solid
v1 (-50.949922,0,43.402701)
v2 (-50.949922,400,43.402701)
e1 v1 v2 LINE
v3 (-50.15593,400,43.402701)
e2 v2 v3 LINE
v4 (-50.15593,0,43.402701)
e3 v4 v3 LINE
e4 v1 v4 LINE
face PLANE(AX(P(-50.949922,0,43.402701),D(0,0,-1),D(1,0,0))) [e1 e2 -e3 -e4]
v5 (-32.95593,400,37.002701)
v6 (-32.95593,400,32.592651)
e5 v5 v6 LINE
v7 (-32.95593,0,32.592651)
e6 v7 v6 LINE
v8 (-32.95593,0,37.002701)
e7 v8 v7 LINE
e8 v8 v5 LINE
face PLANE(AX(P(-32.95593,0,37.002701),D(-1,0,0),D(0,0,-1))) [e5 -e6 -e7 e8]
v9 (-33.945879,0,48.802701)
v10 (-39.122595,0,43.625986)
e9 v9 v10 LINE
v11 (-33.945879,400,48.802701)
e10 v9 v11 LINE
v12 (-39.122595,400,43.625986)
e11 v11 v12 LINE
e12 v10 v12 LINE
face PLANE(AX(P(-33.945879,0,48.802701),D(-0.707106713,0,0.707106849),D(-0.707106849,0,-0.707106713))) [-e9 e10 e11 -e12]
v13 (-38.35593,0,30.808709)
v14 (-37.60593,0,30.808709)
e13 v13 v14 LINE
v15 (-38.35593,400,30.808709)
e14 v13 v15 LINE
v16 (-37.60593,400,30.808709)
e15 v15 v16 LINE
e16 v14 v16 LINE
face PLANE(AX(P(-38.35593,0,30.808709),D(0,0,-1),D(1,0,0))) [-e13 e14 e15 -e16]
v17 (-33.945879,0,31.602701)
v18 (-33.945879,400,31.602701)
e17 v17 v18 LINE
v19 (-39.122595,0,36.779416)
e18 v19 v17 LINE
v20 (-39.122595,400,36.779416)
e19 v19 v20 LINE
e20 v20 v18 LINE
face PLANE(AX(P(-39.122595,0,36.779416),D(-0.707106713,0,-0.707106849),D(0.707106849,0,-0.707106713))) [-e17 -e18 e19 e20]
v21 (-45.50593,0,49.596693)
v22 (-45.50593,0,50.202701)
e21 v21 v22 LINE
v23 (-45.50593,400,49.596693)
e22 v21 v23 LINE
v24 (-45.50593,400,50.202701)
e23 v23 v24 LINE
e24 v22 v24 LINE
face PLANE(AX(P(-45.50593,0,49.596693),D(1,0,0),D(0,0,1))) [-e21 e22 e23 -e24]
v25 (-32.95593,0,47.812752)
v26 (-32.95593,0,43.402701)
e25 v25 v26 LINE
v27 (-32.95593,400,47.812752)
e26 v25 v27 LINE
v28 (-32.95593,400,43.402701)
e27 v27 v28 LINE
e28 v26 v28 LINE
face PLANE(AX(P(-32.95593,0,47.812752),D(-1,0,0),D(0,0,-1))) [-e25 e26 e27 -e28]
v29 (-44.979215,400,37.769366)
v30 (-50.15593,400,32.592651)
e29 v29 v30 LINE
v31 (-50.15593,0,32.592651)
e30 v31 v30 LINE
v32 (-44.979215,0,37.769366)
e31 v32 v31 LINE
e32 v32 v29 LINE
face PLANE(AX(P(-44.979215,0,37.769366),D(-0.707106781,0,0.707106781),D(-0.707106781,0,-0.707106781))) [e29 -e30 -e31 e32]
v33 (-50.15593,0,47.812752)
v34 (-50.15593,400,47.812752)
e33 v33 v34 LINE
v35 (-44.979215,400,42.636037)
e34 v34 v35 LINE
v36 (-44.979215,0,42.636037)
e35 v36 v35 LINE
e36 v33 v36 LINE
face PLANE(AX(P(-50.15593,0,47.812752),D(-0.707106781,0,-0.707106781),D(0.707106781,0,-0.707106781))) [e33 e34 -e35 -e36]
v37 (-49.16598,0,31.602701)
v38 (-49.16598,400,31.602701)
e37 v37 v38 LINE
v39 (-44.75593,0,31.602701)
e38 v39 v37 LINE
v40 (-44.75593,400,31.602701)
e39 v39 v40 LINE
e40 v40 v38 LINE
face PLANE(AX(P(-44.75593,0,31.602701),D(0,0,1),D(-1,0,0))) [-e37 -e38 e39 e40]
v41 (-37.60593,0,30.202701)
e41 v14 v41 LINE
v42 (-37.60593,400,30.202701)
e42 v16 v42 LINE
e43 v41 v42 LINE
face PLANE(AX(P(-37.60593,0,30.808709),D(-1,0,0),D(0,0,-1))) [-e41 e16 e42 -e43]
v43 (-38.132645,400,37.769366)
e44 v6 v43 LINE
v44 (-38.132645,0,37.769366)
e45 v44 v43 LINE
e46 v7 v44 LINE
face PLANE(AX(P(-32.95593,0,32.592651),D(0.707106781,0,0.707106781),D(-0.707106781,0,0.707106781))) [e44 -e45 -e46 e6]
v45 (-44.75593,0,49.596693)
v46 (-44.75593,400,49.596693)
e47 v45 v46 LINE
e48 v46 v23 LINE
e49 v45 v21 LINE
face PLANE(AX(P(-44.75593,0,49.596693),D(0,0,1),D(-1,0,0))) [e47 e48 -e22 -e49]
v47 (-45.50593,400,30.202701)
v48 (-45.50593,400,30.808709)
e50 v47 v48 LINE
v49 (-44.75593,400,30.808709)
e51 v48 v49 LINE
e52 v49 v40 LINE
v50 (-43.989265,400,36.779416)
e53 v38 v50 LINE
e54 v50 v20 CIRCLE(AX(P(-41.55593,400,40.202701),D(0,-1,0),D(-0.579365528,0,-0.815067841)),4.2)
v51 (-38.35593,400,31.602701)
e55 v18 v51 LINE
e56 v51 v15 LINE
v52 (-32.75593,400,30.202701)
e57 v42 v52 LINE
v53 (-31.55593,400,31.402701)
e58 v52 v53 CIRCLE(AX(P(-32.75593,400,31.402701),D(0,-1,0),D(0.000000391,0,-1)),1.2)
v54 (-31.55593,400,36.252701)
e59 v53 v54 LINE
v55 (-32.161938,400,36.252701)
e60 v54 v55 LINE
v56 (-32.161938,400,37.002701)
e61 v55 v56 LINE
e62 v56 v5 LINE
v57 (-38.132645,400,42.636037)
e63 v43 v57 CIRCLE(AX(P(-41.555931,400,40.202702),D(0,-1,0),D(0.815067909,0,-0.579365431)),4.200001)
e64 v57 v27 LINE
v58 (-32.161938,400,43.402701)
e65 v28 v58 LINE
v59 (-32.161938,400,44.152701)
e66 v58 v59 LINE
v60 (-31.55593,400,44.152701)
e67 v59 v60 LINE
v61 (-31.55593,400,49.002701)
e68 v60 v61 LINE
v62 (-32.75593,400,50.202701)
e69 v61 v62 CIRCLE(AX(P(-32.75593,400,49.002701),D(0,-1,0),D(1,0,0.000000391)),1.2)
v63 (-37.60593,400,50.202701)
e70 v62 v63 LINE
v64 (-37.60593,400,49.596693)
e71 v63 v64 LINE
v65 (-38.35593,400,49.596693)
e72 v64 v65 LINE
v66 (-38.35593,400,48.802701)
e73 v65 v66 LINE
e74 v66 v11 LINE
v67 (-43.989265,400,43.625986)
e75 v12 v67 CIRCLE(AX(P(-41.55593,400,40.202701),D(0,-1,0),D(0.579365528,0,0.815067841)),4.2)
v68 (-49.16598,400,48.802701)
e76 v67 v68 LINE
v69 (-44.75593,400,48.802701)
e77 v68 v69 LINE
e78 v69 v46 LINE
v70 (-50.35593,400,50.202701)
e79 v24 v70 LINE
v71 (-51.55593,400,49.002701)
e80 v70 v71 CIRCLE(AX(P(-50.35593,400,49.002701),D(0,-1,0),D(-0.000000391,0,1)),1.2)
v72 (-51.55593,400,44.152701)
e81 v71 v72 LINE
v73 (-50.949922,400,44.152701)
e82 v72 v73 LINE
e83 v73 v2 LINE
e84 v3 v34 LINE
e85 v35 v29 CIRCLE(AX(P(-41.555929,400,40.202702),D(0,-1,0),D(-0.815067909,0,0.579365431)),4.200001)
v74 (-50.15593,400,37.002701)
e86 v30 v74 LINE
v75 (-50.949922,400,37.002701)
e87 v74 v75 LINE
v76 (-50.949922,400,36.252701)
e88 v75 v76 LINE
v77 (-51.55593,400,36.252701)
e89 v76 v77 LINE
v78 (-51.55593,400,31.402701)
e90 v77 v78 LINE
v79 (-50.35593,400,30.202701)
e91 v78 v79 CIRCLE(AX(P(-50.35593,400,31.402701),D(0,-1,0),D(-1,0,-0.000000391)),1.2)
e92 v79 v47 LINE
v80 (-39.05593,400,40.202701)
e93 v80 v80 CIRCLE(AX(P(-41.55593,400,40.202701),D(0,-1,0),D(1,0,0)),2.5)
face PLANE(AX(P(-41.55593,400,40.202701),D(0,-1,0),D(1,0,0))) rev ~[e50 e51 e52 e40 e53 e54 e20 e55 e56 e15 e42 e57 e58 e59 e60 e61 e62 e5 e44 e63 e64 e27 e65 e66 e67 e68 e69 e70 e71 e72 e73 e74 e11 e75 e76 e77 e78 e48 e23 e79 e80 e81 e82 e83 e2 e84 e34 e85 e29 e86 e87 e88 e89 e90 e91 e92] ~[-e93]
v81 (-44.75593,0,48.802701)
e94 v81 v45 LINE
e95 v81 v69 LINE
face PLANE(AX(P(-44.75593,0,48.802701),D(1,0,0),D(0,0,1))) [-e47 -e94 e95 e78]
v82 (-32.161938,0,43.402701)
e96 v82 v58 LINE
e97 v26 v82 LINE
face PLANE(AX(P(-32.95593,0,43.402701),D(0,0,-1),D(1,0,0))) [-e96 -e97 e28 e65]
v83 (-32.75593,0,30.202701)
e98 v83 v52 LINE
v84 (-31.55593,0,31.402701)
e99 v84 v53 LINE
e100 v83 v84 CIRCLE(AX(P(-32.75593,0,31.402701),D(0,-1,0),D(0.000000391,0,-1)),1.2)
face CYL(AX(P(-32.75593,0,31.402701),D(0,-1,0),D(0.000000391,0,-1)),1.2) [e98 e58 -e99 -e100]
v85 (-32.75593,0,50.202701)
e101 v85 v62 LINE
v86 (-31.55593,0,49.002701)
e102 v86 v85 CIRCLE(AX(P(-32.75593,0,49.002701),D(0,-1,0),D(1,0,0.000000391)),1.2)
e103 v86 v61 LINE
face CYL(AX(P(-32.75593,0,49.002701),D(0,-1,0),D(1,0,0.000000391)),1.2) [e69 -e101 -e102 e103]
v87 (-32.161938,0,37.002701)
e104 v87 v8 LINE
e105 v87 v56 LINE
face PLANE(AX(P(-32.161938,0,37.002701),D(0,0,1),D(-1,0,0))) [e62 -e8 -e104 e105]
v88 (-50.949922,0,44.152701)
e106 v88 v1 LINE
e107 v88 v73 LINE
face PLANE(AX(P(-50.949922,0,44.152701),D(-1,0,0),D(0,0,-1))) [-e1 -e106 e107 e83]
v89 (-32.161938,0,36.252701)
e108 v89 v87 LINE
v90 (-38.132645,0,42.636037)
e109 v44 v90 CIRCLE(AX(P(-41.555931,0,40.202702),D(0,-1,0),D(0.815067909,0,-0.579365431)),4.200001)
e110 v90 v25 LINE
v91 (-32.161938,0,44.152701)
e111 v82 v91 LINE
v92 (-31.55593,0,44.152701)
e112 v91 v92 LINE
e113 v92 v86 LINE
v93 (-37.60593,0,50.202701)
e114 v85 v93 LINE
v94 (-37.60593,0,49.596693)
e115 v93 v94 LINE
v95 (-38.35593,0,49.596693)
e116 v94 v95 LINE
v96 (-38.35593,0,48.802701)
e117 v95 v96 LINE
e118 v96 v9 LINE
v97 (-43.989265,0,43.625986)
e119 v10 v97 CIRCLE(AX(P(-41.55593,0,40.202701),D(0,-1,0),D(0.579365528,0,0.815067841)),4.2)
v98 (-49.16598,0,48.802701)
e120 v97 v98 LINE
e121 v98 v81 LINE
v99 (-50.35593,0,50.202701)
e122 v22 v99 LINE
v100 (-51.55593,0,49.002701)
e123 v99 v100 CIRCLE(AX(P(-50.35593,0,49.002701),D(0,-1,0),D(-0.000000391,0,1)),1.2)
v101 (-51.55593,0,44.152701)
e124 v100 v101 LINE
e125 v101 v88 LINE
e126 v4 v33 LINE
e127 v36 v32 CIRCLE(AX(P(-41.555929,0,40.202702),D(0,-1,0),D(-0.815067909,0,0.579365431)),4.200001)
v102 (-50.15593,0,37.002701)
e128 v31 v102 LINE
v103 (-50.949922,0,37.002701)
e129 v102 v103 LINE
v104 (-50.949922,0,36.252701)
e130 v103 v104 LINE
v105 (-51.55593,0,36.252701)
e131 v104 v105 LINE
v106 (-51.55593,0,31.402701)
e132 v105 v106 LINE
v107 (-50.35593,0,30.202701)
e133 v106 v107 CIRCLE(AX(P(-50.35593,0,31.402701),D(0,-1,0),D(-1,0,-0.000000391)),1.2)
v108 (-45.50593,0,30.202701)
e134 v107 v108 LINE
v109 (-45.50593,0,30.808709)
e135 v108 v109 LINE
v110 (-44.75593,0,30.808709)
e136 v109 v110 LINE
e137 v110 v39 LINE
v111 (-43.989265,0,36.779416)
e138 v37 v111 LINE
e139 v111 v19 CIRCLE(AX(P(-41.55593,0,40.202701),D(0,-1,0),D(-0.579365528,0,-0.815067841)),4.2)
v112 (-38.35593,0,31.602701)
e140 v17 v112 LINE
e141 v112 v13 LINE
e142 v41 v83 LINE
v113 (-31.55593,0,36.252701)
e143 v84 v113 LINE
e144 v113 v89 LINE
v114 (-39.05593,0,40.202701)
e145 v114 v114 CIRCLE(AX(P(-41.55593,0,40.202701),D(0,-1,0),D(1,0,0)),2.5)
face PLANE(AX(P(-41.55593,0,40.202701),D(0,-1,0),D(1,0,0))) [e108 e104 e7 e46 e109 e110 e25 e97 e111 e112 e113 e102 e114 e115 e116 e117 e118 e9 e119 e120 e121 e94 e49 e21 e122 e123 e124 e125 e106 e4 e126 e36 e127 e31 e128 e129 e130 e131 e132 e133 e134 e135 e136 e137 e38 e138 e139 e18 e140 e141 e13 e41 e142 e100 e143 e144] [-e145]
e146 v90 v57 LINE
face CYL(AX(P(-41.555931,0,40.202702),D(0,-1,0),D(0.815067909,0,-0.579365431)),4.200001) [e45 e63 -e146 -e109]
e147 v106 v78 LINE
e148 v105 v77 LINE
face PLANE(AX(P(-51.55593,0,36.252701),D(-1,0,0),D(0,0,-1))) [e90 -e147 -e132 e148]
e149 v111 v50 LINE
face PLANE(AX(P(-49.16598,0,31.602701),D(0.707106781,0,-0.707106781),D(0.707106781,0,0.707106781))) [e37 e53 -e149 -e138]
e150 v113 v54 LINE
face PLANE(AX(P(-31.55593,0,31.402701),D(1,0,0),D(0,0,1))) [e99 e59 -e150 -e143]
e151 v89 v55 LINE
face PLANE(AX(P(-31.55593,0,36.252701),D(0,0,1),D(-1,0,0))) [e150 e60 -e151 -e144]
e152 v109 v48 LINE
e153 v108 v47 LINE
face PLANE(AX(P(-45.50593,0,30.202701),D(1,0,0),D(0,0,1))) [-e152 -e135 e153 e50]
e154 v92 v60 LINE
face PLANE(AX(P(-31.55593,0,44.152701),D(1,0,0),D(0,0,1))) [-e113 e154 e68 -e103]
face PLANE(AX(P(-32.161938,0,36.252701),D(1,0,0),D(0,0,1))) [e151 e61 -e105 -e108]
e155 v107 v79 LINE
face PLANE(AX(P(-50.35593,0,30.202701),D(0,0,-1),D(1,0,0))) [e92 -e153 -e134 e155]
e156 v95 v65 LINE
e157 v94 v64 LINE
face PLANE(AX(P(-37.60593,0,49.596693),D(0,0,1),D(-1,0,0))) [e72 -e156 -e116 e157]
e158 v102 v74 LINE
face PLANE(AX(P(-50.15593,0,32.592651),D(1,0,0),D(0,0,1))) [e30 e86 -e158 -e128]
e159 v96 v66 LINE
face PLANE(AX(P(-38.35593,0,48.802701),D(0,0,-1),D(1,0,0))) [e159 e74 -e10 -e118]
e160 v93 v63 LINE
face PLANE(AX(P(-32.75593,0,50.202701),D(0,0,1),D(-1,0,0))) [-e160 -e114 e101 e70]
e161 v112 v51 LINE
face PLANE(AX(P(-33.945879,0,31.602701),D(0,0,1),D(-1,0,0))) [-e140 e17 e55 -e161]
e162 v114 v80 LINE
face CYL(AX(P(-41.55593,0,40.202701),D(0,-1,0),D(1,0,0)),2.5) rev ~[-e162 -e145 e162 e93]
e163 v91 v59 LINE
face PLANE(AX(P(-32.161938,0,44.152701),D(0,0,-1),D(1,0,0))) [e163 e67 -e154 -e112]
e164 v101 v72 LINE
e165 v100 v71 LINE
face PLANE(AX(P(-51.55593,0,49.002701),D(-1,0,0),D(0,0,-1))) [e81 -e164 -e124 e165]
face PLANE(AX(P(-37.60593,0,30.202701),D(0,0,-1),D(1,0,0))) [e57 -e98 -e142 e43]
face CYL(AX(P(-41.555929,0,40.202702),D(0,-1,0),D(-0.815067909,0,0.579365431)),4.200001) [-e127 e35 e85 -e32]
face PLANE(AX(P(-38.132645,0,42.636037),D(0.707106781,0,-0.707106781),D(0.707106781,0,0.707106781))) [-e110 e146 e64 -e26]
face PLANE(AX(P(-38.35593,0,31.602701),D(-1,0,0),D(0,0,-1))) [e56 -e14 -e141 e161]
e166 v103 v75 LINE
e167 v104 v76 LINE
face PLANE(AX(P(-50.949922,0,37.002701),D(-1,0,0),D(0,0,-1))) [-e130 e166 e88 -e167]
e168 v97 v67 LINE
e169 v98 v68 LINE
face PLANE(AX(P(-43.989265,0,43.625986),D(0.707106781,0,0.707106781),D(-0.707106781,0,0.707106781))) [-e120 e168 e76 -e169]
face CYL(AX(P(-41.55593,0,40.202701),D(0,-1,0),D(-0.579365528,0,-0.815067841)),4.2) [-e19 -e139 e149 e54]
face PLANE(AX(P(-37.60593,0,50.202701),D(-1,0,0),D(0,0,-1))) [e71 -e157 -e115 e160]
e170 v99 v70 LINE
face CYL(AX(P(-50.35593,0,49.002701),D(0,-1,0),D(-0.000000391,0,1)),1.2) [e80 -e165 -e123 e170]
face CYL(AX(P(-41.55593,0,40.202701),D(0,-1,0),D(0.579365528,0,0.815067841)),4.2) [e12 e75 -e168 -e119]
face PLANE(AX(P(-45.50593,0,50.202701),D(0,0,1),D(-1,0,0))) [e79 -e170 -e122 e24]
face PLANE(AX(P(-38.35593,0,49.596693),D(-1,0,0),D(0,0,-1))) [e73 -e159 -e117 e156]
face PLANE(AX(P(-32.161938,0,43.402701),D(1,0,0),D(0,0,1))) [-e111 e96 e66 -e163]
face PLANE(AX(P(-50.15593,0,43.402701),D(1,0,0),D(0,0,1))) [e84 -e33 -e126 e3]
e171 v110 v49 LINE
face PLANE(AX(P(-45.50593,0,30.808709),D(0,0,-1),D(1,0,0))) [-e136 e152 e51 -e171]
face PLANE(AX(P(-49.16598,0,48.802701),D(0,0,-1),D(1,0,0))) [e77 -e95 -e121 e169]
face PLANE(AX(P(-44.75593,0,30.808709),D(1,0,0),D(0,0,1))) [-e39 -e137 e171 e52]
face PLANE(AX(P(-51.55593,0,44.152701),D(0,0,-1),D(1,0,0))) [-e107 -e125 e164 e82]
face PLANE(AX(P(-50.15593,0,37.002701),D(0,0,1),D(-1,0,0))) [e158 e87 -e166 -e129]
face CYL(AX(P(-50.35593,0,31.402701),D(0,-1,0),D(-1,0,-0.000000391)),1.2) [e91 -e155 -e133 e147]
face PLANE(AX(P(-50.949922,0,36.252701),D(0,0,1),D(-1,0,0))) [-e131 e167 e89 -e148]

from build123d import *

# Parameters (mm, degrees)
F0_R     = 2.5
F1_DEPTH = 400


with BuildPart() as f1:
    # F0 (on Front) → F1 (new body)
    with BuildSketch(Plane.XZ):
        with BuildLine():
            Line((-50.15593, 47.812752), (-44.979215, 42.636037))
            ThreePointArc((-44.979215, 42.636037), (-45.75593, 40.202701), (-44.979215, 37.769366))
            Line((-44.979215, 37.769366), (-50.15593, 32.592651))
            Line((-50.15593, 32.592651), (-50.15593, 37.002701))
            Line((-50.15593, 37.002701), (-50.949922, 37.002701))
            Line((-50.949922, 37.002701), (-50.949922, 36.252701))
            Line((-50.949922, 36.252701), (-51.55593, 36.252701))
            Line((-51.55593, 36.252701), (-51.55593, 31.402701))
            ThreePointArc((-51.55593, 31.402701), (-51.204458, 30.554173), (-50.35593, 30.202701))
            Line((-50.35593, 30.202701), (-45.50593, 30.202701))
            Line((-45.50593, 30.202701), (-45.50593, 30.808709))
            Line((-45.50593, 30.808709), (-44.75593, 30.808709))
            Line((-44.75593, 30.808709), (-44.75593, 31.602701))
            Line((-44.75593, 31.602701), (-49.16598, 31.602701))
            Line((-49.16598, 31.602701), (-43.989265, 36.779416))
            ThreePointArc((-43.989265, 36.779416), (-41.55593, 36.002701), (-39.122595, 36.779416))
            Line((-39.122595, 36.779416), (-33.945879, 31.602701))
            Line((-33.945879, 31.602701), (-38.35593, 31.602701))
            Line((-38.35593, 31.602701), (-38.35593, 30.808709))
            Line((-38.35593, 30.808709), (-37.60593, 30.808709))
            Line((-37.60593, 30.808709), (-37.60593, 30.202701))
            Line((-37.60593, 30.202701), (-32.75593, 30.202701))
            ThreePointArc((-32.75593, 30.202701), (-31.907402, 30.554173), (-31.55593, 31.402701))
            Line((-31.55593, 31.402701), (-31.55593, 36.252701))
            Line((-31.55593, 36.252701), (-32.161938, 36.252701))
            Line((-32.161938, 36.252701), (-32.161938, 37.002701))
            Line((-32.161938, 37.002701), (-32.95593, 37.002701))
            Line((-32.95593, 37.002701), (-32.95593, 32.592651))
            Line((-32.95593, 32.592651), (-38.132645, 37.769366))
            ThreePointArc((-38.132645, 37.769366), (-37.35593, 40.202701), (-38.132645, 42.636037))
            Line((-38.132645, 42.636037), (-32.95593, 47.812752))
            Line((-32.95593, 47.812752), (-32.95593, 43.402701))
            Line((-32.95593, 43.402701), (-32.161938, 43.402701))
            Line((-32.161938, 43.402701), (-32.161938, 44.152701))
            Line((-32.161938, 44.152701), (-31.55593, 44.152701))
            Line((-31.55593, 44.152701), (-31.55593, 49.002701))
            ThreePointArc((-31.55593, 49.002701), (-31.907402, 49.851229), (-32.75593, 50.202701))
            Line((-32.75593, 50.202701), (-37.60593, 50.202701))
            Line((-37.60593, 50.202701), (-37.60593, 49.596693))
            Line((-37.60593, 49.596693), (-38.35593, 49.596693))
            Line((-38.35593, 49.596693), (-38.35593, 48.802701))
            Line((-38.35593, 48.802701), (-33.945879, 48.802701))
            Line((-33.945879, 48.802701), (-39.122595, 43.625986))
            ThreePointArc((-39.122595, 43.625986), (-41.55593, 44.402701), (-43.989265, 43.625986))
            Line((-43.989265, 43.625986), (-49.16598, 48.802701))
            Line((-49.16598, 48.802701), (-44.75593, 48.802701))
            Line((-44.75593, 48.802701), (-44.75593, 49.596693))
            Line((-44.75593, 49.596693), (-45.50593, 49.596693))
            Line((-45.50593, 49.596693), (-45.50593, 50.202701))
            Line((-45.50593, 50.202701), (-50.35593, 50.202701))
            ThreePointArc((-50.35593, 50.202701), (-51.204458, 49.851229), (-51.55593, 49.002701))
            Line((-51.55593, 49.002701), (-51.55593, 44.152701))
            Line((-51.55593, 44.152701), (-50.949922, 44.152701))
            Line((-50.949922, 44.152701), (-50.949922, 43.402701))
            Line((-50.949922, 43.402701), (-50.15593, 43.402701))
            Line((-50.15593, 43.402701), (-50.15593, 47.812752))
        make_face()
        with Locations((-41.55593, 40.202701)):
            Circle(F0_R, mode=Mode.SUBTRACT)
    extrude(amount=-F1_DEPTH)


solid = f1.part
